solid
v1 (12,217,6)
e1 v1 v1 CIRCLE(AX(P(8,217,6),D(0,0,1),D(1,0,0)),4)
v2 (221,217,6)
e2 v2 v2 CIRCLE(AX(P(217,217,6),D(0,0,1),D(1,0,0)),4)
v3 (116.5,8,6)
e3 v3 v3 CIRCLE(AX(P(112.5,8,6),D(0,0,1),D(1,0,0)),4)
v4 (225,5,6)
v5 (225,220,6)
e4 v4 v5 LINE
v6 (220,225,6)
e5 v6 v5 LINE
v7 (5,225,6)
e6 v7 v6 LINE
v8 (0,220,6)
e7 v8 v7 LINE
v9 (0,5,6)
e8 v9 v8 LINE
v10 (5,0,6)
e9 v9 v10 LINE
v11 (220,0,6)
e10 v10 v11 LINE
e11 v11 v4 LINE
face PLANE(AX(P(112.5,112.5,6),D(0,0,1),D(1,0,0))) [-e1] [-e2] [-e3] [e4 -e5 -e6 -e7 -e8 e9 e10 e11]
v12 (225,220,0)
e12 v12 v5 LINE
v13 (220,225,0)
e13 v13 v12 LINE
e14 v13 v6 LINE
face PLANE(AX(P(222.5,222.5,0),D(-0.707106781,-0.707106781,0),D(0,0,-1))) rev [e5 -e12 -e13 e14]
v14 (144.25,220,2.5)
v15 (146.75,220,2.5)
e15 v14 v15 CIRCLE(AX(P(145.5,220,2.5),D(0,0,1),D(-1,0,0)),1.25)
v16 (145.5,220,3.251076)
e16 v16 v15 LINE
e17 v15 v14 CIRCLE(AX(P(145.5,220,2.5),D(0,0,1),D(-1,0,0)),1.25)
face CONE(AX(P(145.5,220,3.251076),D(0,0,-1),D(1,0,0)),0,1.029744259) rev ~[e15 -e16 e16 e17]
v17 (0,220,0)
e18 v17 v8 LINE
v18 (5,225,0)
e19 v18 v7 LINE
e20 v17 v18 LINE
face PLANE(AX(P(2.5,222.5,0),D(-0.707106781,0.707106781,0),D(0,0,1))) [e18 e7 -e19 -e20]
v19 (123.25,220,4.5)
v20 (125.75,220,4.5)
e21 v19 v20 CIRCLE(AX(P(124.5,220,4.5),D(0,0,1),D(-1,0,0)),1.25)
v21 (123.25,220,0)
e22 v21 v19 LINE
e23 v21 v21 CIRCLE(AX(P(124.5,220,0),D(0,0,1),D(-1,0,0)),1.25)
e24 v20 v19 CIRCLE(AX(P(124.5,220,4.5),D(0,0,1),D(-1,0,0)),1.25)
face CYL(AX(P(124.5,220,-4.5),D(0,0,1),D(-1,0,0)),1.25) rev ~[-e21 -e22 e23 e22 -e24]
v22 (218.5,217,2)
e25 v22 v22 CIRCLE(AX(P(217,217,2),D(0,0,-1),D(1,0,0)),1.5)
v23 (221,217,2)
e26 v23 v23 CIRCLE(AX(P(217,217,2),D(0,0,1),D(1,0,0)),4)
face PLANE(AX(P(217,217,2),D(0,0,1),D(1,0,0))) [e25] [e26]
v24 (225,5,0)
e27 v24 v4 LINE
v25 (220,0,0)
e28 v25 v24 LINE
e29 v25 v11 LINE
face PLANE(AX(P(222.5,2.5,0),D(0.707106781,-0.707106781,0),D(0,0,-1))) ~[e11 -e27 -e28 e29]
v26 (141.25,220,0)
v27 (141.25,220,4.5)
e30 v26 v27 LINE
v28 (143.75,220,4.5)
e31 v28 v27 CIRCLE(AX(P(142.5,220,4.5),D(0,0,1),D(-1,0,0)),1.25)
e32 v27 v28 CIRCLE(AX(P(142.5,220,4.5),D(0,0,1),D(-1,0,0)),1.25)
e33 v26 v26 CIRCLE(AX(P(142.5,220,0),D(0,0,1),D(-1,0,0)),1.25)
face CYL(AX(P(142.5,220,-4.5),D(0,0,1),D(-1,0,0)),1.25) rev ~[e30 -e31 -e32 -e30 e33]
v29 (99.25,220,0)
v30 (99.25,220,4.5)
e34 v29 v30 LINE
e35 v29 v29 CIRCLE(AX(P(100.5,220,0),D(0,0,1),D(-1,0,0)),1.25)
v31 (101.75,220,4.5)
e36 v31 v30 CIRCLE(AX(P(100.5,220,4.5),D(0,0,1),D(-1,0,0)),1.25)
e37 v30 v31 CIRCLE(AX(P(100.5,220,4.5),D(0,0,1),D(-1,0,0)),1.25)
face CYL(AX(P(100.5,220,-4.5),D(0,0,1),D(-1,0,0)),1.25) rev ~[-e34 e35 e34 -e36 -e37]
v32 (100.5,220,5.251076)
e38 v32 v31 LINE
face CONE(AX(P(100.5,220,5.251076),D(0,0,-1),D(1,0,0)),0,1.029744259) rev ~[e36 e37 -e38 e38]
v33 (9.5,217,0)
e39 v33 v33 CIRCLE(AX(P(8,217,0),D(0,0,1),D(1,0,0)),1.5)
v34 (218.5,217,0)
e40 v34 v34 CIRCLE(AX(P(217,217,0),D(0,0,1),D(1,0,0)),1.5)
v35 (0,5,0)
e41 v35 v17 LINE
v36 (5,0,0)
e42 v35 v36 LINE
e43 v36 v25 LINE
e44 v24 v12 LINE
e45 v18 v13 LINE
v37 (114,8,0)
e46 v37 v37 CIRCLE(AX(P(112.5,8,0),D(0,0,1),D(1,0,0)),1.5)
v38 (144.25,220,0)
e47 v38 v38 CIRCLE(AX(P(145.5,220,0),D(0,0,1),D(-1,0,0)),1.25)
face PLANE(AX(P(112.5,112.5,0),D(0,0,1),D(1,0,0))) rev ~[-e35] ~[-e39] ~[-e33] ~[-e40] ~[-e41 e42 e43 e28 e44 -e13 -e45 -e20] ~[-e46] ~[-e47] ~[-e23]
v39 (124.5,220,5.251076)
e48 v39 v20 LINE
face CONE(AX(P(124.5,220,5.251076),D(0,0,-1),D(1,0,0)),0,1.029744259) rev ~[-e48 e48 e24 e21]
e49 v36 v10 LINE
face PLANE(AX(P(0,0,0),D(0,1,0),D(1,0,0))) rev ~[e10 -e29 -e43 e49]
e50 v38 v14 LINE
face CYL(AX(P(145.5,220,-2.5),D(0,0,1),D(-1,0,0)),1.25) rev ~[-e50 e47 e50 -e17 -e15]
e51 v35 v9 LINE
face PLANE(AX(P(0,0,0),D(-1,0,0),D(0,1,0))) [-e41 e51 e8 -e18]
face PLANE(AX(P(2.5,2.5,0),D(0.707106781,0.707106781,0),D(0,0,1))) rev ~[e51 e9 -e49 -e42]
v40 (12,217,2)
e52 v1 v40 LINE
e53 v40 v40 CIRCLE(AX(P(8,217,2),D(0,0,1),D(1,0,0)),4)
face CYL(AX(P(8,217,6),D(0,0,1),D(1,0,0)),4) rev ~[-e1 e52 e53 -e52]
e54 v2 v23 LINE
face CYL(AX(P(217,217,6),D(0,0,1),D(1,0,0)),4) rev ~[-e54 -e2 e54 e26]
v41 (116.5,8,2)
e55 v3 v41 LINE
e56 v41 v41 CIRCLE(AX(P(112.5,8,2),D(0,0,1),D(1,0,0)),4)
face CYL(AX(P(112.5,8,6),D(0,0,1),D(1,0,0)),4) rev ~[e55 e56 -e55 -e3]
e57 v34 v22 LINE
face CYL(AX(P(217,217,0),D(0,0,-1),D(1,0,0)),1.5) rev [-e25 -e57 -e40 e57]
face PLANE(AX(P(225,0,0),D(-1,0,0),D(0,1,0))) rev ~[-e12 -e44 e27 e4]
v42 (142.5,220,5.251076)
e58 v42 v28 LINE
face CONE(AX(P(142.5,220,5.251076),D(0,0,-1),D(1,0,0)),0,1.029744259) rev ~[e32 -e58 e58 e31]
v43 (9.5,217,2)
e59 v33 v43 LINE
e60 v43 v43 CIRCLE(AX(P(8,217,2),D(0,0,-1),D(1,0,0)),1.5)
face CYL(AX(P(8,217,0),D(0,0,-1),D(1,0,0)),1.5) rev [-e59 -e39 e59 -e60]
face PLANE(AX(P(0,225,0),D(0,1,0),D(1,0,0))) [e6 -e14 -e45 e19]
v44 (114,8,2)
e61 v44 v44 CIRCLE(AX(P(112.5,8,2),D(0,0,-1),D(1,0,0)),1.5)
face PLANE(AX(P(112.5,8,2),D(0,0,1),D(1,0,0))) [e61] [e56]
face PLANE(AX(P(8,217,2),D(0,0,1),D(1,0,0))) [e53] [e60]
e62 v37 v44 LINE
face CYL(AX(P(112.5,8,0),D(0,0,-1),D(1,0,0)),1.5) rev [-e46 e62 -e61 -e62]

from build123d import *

# Parameters (mm, degrees)
F0_W     = 225
F0_H     = 225
F0_R     = 1.5
F1_DEPTH = 6
F2_R     = 4
F3_DEPTH = 4
F4_SIZE  = 5
F6_D     = 2.5
F6_DEPTH = 4.5
F6_TIP   = 0.7510757738
F7_D     = 2.5
F7_DEPTH = 2.5
F7_TIP   = 0.7510757738


with BuildPart() as f1:
    # F0 (on Top) → F1 (new body)
    with BuildSketch(Plane.XY):
        with Locations((112.5, 112.5)):
            Rectangle(F0_W, F0_H)
        with Locations((112.5, 8)):
            Circle(F0_R, mode=Mode.SUBTRACT)
        with Locations((8, 217)):
            Circle(F0_R, mode=Mode.SUBTRACT)
        with Locations((217, 217)):
            Circle(F0_R, mode=Mode.SUBTRACT)
    extrude(amount=F1_DEPTH)

    # F2 (on face) → F3 (cut)
    with BuildSketch(Plane.XY.offset(6)):
        with Locations((112.5, 8)):
            Circle(F2_R)
        with Locations((8, 217)):
            Circle(F2_R)
        with Locations((217, 217)):
            Circle(F2_R)
    extrude(amount=-F3_DEPTH, mode=Mode.SUBTRACT)

    # F4
    f4_edges = [f1.edges().sort_by_distance(p)[0] for p in [
        (225, 0, 3),
        (0, 0, 3),
        (225, 225, 3),
        (0, 225, 3),
    ]]
    chamfer(f4_edges, length=F4_SIZE)

    # F6
    with Locations(Plane(origin=(0, 0, 0), x_dir=(1, 0, 0), z_dir=(0, 0, -1))):
        with Locations((100.5, -220), (124.5, -220), (142.5, -220)):
            Hole(F6_D / 2, depth=F6_DEPTH)
            with Locations((0, 0, -(F6_DEPTH + F6_TIP / 2))):  # 118° drill point
                Cone(0, F6_D / 2, F6_TIP, mode=Mode.SUBTRACT)

    # F7
    with Locations(Plane(origin=(0, 0, 0), x_dir=(1, 0, 0), z_dir=(0, 0, -1))):
        with Locations((145.5, -220)):
            Hole(F7_D / 2, depth=F7_DEPTH)
            with Locations((0, 0, -(F7_DEPTH + F7_TIP / 2))):  # 118° drill point
                Cone(0, F7_D / 2, F7_TIP, mode=Mode.SUBTRACT)


solid = f1.part
